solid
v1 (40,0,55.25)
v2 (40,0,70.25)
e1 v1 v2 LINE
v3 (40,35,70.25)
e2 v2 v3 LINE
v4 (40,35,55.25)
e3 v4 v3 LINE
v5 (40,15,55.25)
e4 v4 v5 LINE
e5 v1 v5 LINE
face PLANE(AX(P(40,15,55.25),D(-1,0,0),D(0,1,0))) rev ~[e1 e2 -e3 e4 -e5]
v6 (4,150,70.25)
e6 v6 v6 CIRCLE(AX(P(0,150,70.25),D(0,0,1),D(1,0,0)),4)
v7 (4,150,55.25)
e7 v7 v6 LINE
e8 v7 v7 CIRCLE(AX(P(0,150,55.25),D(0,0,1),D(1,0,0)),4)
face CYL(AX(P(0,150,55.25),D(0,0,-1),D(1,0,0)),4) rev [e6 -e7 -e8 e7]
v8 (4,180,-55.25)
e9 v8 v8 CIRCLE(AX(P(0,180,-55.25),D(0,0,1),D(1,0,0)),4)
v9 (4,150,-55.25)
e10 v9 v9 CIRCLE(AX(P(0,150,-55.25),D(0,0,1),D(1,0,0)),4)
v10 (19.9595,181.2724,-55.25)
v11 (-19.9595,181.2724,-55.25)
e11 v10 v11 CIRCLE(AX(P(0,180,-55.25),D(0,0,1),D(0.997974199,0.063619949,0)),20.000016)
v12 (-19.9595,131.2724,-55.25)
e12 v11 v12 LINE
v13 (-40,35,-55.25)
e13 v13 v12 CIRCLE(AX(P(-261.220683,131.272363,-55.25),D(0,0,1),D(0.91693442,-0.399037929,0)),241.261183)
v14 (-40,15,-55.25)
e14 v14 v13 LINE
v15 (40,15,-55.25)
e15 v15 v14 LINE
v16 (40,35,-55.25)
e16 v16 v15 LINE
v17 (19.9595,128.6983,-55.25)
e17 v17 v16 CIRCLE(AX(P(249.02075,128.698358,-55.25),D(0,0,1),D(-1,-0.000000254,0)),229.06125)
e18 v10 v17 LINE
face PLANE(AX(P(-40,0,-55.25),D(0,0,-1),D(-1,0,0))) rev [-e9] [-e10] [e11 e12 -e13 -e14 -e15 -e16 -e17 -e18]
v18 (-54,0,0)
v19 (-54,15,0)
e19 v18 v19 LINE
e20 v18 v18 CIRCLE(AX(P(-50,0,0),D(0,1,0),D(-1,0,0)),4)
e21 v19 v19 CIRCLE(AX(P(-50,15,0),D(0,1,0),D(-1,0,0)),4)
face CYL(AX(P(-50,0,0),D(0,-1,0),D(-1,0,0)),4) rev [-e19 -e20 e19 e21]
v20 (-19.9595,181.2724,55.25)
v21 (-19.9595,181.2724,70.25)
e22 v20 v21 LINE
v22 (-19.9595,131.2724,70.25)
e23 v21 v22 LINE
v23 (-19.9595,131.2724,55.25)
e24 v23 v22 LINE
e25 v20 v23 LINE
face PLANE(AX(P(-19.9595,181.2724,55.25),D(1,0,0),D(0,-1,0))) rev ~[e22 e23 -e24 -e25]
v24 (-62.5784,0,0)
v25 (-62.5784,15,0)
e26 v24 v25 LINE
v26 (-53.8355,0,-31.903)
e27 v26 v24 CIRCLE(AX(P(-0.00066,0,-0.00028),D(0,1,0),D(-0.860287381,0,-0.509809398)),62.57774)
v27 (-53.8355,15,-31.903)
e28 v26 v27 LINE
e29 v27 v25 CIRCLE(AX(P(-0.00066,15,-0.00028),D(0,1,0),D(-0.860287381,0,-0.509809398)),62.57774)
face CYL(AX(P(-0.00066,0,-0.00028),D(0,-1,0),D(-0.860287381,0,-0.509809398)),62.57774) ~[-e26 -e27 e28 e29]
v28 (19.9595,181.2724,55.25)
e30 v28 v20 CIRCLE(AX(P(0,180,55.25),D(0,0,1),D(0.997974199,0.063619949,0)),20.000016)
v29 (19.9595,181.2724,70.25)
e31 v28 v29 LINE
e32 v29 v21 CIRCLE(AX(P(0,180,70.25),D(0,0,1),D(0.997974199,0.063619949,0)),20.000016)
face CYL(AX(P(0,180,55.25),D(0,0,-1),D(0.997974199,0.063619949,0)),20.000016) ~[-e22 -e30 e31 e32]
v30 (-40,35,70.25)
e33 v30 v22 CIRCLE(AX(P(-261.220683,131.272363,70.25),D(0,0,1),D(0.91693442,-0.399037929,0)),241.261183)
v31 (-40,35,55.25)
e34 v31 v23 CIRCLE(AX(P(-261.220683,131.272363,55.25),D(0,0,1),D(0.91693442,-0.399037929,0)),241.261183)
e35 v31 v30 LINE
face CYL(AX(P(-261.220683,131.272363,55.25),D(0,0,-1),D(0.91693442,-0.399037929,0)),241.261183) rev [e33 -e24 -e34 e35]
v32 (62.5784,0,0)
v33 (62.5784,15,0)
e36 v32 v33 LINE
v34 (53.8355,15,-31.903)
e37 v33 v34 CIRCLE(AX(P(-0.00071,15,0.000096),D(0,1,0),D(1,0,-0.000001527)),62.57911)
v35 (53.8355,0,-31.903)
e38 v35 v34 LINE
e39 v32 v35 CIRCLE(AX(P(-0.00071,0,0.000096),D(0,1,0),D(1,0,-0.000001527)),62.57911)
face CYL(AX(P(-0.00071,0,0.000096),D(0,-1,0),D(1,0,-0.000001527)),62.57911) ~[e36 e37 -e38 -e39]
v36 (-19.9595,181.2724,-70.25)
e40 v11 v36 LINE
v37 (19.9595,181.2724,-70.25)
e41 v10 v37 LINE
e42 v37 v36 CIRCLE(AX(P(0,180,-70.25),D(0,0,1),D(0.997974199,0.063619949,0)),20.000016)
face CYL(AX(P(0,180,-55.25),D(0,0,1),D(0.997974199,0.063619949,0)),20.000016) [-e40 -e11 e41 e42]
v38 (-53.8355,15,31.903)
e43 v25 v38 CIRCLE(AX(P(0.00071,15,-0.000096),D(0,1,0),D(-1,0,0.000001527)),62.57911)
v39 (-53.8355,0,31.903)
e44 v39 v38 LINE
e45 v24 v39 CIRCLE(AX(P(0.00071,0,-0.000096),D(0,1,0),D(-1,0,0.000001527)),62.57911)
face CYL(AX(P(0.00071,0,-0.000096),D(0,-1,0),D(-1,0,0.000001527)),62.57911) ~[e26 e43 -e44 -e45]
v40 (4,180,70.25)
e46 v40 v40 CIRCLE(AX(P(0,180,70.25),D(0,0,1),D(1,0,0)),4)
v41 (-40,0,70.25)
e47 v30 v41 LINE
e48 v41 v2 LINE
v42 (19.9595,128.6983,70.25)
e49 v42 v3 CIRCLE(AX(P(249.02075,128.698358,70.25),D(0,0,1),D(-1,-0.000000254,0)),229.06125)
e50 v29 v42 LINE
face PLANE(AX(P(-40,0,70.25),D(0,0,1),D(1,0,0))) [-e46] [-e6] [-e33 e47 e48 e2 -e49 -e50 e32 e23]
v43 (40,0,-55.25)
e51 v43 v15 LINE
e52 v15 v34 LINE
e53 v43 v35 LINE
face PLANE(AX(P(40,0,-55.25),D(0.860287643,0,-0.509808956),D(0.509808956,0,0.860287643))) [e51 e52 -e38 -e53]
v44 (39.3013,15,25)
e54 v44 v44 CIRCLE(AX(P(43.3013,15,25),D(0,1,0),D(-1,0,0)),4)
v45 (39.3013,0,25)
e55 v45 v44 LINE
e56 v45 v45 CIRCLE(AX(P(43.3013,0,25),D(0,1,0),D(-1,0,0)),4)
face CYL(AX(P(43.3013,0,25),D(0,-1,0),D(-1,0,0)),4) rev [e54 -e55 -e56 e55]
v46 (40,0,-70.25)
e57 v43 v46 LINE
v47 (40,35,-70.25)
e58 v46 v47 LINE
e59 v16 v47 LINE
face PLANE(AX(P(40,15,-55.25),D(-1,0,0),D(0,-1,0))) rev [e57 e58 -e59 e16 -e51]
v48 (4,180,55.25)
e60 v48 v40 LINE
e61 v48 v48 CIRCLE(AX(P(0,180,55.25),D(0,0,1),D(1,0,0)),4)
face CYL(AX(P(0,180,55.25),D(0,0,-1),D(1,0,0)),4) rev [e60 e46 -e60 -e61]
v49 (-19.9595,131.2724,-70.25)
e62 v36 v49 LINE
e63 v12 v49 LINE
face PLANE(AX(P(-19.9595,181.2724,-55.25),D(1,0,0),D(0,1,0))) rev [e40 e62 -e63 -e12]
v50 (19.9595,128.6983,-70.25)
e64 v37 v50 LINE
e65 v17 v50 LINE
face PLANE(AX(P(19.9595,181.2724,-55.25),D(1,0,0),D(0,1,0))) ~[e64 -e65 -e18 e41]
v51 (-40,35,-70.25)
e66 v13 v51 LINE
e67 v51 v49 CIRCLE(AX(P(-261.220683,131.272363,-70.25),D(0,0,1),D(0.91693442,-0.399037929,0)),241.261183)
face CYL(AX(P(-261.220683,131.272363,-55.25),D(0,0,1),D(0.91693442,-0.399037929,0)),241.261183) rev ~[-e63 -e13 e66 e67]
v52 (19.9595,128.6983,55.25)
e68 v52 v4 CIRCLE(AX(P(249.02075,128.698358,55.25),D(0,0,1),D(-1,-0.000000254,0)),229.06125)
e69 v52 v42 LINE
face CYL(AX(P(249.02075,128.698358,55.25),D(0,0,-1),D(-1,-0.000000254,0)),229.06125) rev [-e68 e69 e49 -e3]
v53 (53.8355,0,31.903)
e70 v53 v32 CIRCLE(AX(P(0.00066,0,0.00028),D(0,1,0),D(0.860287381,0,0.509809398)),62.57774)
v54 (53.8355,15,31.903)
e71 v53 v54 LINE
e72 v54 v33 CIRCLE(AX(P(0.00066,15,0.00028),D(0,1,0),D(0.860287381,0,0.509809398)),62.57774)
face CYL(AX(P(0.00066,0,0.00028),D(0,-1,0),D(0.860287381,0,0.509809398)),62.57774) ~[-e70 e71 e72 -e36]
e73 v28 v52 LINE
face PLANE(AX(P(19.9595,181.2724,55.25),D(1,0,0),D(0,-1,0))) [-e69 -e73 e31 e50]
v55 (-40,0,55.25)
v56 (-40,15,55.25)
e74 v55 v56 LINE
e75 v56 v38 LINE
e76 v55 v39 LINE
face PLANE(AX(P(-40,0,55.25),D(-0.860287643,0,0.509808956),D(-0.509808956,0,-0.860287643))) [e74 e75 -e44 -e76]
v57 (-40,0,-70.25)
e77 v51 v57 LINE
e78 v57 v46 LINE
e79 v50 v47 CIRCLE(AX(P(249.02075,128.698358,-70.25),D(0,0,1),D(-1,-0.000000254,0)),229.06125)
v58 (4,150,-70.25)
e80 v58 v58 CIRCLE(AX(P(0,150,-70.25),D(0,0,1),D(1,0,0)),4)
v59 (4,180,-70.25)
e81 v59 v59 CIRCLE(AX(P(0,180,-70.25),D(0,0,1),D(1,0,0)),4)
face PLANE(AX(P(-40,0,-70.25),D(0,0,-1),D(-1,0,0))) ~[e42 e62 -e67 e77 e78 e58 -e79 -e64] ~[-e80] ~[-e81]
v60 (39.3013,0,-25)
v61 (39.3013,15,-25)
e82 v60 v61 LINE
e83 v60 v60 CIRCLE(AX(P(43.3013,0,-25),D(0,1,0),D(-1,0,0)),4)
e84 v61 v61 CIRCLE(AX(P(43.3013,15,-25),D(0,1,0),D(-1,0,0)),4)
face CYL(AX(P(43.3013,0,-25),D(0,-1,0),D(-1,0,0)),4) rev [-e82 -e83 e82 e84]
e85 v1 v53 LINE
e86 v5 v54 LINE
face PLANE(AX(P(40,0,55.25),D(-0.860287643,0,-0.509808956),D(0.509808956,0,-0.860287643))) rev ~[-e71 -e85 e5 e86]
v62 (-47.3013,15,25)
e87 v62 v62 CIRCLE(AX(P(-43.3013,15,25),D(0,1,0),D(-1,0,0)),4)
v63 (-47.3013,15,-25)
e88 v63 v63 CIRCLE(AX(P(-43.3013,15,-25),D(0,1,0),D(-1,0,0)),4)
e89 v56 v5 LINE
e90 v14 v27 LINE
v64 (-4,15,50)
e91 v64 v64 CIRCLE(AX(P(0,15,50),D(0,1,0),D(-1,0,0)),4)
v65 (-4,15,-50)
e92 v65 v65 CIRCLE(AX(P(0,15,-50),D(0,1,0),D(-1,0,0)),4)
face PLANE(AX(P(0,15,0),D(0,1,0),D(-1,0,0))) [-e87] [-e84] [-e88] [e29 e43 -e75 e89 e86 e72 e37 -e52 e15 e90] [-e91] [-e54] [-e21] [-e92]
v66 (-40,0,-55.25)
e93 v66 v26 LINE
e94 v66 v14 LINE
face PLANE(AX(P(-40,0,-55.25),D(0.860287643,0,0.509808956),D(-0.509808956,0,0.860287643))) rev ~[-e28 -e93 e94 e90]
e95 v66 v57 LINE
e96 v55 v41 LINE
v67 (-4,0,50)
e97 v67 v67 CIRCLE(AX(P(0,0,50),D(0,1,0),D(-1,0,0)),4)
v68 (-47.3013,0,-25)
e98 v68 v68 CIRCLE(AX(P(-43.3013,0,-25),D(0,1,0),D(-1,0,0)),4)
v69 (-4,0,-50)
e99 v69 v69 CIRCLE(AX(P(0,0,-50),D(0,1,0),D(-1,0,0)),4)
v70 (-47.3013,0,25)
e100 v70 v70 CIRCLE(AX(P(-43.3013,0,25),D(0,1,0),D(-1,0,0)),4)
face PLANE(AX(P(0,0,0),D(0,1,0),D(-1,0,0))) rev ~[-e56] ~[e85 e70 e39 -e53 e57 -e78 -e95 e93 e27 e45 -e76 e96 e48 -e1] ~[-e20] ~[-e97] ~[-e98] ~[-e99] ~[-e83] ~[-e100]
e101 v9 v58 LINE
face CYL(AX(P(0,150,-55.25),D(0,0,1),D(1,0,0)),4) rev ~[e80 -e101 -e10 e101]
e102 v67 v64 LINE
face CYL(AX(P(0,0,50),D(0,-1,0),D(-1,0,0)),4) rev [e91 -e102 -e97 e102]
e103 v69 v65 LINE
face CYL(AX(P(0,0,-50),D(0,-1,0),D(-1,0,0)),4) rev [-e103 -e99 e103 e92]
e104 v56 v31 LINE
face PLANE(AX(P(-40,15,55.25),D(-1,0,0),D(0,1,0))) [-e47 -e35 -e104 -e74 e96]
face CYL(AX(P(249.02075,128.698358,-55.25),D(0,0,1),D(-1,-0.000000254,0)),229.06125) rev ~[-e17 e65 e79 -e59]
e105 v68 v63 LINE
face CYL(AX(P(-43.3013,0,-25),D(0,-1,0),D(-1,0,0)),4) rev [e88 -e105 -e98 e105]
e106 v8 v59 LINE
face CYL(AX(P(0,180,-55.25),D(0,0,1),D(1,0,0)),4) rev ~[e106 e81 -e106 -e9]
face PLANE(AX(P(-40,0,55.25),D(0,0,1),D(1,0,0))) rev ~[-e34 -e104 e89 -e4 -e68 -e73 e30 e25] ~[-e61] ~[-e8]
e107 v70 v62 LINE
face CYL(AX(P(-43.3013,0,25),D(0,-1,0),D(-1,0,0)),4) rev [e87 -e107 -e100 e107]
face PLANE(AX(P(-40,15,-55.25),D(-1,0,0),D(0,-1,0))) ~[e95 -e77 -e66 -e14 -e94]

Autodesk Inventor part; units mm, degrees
ref_plane "YZ Plane" through (0, 0, 0) normal (1, 0, 0) x (0, 1, 0)
ref_plane "XZ Plane" through (0, 0, 0) normal (0, 1, 0) x (-1, 0, 0)
ref_plane "XY Plane" through (0, 0, 0) normal (0, 0, 1) x (1, 0, 0)
sketch "Sketch1" plane through (0, 0, 0) normal (0, 1, 0) x (-1, 0, 0)
  circle A0 centre (0, 0) radius 50 construction
  circle A1 centre (50, 0) radius 4
  line L0 (0, 0) -> (43.3013, -25) construction
  line L1 (0, 0) -> (50, 0) construction
  circle A2 centre (43.3013, -25) radius 4
  circle A3 centre (43.3013, 25) radius 4
  circle A4 centre (0, 50) radius 4
  circle A5 centre (-43.3013, 25) radius 4
  circle A6 centre (-43.3013, -25) radius 4
  circle A7 centre (0, -50) radius 4
  line L2 (25, 55.25) -> (-25, 55.25)
  arc A8 (-53.8355, 31.903) -> (-62.5784, 0) centre (0, 0) ccw
  arc A9 (62.5784, 0) -> (53.8355, 31.903) centre (0, 0) ccw
  line L3 (0, 55.25) -> (40, 55.25)
  line L4 (0, 55.25) -> (-40, 55.25)
  line L5 (40, 55.25) -> (53.8355, 31.903)
  line L6 (-40, 55.25) -> (-53.8355, 31.903)
  line L7 (62.5784, 0) -> (-62.5784, 0) construction
  arc A10 (-62.5784, 0) -> (-53.8355, -31.903) centre (0, 0) ccw
  arc A11 (53.8355, -31.903) -> (62.5784, 0) centre (0, 0) ccw
  line L8 (0, -55.25) -> (40, -55.25)
  line L9 (0, -55.25) -> (-40, -55.25)
  line L10 (40, -55.25) -> (53.8355, -31.903)
  line L11 (-40, -55.25) -> (-53.8355, -31.903)
  point P0 (-25, 55.25)
  dimension "d1" = 100
  dimension "d2" = 8
  dimension "d3" = 30
  dimension "d4" = 8
  dimension "d7" = 360
  dimension "d35" = 40
  dimension "d36" = 40
  dimension "d49" = 110.5
extrude "Extrusion1" add sketch "Sketch1" along normal blind 15
sketch "Sketch4" plane through (-40, 0, 55.25) normal (0, 0, 1) x (1, 0, 0)
  line L0 (40, 200) -> (40, 184) construction
  line L1 (40, 184) -> (40, 180) construction
  circle A0 centre (40, 180) radius 4
  line L2 (40, 180) -> (40, 150) construction
  circle A1 centre (40, 150) radius 4
  arc A2 (59.9595, 181.2724) -> (20.0405, 181.2724) centre (40, 180) ccw
  line L3 (0, 0) -> (0, 15) projected
  line L4 (0, 15) -> (0, 0)
  line L5 (80, 0) -> (80, 15) projected
  line L6 (0, 0) -> (80, 0)
  line L7 (80, 0) -> (80, 15)
  line L8 (40, 0) -> (40, 15) construction
  line L9 (40, 146) -> (40, 200) construction
  line L10 (20.0405, 181.2724) -> (20.0405, 131.2724)
  line L11 (0, 15) -> (0, 35)
  line L12 (59.9595, 181.2724) -> (59.9595, 128.6983)
  line L13 (0, 15) -> (80, 15) projected
  line L14 (80, 15) -> (80, 35)
  arc A3 (0, 35) -> (20.0405, 131.2724) centre (-221.2208, 131.2724) ccw
  arc A4 (59.9595, 128.6983) -> (80, 35) centre (289.0202, 128.6983) ccw
  dimension "d42" = 8
  dimension "d37" = 200
  dimension "d38" = 16
  dimension "d39" = 4
  dimension "d40" = 8
  dimension "d41" = 30
  dimension "d50" = 50
  dimension "d51" = 20
  dimension "d52" = 20
extrude "Extrusion3" add sketch "Sketch4" along normal blind 15
mirror "Mirror2" about plane through (0, 0, 0) normal (0, 0, 1) of "Extrusion3"
properties part number "MOUNTING-COUPLE"
